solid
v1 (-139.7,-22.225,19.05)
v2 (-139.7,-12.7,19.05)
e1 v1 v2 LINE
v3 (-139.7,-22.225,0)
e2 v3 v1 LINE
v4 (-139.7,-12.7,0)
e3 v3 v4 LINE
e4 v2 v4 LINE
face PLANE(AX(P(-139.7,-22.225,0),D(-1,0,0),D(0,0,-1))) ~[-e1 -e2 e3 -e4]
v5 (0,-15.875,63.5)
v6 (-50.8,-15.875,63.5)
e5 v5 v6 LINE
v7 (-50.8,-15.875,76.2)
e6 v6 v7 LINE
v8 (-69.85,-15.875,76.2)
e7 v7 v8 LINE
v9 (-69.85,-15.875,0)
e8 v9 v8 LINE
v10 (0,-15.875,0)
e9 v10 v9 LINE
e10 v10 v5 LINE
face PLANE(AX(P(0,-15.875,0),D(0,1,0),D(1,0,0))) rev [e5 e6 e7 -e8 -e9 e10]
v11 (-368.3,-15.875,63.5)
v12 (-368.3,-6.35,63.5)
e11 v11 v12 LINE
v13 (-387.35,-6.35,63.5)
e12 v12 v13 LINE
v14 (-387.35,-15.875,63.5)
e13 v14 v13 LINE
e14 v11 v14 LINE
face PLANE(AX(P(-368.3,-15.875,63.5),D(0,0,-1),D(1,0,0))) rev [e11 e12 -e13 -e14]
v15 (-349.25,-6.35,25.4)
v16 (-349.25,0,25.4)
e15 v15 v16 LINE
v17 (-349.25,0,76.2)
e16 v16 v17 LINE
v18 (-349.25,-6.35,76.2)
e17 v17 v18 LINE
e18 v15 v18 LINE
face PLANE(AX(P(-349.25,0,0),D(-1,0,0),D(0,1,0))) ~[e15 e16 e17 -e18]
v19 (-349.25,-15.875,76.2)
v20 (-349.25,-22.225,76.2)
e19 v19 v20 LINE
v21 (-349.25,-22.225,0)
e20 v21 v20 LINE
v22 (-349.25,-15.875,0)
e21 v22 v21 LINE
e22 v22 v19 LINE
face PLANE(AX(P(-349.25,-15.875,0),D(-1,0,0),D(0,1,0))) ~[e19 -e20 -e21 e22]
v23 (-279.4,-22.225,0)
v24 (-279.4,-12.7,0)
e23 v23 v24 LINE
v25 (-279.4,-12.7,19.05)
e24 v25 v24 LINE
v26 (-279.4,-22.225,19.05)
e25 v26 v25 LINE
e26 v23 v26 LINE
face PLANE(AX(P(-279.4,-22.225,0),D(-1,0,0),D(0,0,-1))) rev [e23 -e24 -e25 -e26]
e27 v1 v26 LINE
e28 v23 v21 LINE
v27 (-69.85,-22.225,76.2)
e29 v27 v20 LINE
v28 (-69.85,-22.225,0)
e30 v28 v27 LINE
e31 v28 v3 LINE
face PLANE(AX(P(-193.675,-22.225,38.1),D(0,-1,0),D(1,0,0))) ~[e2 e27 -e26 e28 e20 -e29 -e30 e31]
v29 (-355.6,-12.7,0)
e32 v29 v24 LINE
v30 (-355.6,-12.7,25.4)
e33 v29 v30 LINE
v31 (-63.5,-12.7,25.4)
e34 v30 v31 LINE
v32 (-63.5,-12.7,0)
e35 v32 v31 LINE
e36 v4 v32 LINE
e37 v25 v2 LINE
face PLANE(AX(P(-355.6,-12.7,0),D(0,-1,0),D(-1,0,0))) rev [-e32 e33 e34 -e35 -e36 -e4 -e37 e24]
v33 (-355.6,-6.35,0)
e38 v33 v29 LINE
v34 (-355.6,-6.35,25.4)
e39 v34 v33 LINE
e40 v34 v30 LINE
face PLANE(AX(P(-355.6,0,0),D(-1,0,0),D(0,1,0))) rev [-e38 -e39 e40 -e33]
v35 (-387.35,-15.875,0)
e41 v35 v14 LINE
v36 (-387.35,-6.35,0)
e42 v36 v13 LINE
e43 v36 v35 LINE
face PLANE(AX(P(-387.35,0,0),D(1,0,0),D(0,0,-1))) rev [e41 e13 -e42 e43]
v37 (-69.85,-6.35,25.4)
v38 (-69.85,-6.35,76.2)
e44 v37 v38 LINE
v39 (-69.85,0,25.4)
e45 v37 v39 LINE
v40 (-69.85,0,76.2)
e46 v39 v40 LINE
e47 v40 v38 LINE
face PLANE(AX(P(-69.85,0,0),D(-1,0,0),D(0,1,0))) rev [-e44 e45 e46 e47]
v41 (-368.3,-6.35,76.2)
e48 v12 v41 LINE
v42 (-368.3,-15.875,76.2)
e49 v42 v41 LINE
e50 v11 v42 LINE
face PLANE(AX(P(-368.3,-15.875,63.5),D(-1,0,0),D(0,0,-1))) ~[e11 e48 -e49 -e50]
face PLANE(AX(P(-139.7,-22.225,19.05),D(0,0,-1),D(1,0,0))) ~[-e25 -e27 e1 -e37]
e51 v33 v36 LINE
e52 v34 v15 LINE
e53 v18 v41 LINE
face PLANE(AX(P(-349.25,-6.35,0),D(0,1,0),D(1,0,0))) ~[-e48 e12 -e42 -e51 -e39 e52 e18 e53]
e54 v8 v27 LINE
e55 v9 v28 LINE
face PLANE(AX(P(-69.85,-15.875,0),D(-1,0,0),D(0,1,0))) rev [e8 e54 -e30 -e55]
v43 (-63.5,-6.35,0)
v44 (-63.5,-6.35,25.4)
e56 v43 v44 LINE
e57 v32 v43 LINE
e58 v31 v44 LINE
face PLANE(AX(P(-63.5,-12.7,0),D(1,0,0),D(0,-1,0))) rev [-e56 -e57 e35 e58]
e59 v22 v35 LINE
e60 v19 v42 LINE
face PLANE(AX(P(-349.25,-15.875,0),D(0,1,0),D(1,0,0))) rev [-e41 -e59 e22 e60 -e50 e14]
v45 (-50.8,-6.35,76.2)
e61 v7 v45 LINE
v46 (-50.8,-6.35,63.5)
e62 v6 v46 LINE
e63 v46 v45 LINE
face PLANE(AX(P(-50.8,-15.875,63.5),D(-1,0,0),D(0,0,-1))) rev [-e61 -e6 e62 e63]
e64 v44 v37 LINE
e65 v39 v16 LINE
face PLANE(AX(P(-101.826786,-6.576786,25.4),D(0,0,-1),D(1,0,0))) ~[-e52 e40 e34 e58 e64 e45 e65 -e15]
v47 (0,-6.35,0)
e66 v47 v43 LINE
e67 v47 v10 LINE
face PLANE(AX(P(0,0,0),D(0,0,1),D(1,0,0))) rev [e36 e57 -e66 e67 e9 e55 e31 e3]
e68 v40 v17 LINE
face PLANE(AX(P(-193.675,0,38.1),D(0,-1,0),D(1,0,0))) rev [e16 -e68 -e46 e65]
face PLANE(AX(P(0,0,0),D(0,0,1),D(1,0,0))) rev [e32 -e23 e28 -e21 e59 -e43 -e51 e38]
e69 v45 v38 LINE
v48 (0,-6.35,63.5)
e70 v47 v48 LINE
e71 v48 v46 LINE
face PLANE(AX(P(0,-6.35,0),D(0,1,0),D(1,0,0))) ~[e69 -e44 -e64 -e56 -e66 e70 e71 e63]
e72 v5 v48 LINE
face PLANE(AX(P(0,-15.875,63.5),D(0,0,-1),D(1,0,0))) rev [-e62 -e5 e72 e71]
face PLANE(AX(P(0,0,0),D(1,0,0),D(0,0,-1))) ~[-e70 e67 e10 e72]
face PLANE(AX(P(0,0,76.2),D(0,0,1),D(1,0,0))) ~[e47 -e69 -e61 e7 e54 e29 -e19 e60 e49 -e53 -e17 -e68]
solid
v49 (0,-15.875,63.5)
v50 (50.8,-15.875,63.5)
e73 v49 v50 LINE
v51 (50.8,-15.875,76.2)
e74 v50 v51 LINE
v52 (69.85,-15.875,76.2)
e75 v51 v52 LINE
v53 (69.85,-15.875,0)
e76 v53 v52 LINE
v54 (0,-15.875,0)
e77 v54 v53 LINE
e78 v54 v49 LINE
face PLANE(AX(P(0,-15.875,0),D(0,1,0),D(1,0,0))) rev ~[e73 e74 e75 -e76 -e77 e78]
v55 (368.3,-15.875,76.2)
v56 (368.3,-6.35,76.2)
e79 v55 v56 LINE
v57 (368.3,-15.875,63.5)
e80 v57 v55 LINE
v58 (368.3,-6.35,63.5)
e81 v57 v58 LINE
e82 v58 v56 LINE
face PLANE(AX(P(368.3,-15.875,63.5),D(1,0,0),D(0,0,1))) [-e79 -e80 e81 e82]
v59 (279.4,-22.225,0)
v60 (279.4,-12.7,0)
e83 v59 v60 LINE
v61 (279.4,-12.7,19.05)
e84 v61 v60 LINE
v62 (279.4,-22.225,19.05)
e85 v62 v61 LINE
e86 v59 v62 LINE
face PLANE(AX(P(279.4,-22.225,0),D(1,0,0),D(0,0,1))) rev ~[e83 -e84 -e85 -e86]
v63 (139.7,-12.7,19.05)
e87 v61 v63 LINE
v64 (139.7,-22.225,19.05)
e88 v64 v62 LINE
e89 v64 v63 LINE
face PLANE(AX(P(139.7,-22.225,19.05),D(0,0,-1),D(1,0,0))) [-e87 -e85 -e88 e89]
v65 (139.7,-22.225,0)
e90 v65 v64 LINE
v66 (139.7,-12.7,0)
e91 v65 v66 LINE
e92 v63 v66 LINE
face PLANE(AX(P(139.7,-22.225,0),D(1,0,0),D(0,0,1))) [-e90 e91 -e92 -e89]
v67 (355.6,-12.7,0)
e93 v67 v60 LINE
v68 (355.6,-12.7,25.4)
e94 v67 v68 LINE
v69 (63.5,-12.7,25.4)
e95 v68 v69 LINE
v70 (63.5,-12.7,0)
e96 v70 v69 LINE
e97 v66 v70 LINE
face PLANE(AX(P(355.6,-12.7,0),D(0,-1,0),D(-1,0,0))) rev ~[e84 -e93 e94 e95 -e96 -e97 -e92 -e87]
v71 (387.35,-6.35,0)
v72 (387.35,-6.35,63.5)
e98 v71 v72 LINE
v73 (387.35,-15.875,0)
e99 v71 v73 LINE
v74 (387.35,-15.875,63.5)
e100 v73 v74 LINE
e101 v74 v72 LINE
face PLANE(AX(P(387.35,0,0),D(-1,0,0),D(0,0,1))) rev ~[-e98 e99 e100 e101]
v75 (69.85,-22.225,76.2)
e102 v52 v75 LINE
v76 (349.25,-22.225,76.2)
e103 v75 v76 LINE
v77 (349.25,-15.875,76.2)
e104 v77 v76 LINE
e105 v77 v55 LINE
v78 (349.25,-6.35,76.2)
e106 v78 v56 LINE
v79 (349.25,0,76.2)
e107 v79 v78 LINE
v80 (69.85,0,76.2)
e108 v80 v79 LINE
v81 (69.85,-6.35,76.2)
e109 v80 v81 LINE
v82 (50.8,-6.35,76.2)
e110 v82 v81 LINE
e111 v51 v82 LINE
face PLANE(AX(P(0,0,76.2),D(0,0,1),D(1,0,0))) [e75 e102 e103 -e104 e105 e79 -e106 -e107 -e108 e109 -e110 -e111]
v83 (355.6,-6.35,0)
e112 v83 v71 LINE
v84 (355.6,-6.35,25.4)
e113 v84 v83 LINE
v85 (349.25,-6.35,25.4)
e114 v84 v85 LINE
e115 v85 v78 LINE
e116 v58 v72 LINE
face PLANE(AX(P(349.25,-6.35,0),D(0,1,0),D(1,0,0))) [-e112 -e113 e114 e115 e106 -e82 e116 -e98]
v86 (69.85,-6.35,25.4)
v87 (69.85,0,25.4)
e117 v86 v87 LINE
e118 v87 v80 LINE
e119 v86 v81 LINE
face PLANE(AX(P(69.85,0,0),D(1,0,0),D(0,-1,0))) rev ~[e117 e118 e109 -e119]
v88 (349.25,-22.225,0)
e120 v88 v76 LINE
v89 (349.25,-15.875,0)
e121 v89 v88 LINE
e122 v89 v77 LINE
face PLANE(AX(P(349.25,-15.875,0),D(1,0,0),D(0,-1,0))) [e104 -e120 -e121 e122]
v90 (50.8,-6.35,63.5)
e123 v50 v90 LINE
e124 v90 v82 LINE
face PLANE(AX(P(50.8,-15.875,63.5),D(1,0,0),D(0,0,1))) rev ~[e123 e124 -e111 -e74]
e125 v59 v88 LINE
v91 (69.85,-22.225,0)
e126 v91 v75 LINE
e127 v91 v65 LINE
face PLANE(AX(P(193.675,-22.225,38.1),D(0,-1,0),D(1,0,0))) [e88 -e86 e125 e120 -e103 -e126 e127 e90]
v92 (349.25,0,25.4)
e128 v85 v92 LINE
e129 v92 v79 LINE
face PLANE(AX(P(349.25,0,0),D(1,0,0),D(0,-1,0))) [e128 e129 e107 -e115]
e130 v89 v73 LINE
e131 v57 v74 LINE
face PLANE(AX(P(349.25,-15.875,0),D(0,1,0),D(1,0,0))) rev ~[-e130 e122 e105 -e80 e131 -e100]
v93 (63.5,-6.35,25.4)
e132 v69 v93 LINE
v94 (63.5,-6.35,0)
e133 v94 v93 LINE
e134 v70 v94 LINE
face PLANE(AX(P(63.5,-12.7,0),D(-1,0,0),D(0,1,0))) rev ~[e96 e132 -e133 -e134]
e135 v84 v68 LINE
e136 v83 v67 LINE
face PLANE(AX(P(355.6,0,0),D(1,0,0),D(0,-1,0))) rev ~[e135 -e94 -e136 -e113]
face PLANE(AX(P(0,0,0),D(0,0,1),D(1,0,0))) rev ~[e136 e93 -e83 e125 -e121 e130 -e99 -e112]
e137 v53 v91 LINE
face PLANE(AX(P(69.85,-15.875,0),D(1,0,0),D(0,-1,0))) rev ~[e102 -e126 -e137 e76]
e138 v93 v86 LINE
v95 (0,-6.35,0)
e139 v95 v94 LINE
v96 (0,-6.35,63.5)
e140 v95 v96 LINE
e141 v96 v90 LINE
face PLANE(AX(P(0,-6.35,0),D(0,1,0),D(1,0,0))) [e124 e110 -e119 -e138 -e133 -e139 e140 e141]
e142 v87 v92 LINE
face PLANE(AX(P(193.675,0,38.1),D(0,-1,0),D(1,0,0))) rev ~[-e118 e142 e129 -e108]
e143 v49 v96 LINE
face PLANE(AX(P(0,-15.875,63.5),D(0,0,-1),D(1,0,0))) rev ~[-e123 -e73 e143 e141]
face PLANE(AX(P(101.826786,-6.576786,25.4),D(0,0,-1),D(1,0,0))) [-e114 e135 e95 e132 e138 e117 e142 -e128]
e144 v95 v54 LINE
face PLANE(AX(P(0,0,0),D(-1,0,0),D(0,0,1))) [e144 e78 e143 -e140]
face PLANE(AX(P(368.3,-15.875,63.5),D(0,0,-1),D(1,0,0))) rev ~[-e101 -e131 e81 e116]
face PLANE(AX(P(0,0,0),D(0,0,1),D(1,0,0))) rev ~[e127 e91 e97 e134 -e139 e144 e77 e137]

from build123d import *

# Parameters (mm, degrees)
F0_W     = 387.35
F0_H     = 76.2
F1_DEPTH = 22.225
F2_W     = 69.85
F2_H     = 6.35
F2_W_2   = 38.1
F3_DEPTH = 76.2
F4_W     = 50.8
F4_H     = 12.7
F4_W_2   = 19.05
F5_DEPTH = 9.525
F6_W     = 139.7
F6_H     = 19.05
F7_DEPTH = 22.225
F8_W     = 215.9
F8_H     = 12.7
F9_DEPTH = 25.4


with BuildPart() as f1:
    # F0 (on Front) → F1 (new body)
    with BuildSketch(Plane.XZ):
        with Locations((193.675, 38.1)):
            Rectangle(F0_W, F0_H)
    extrude(amount=F1_DEPTH)

    # F2 (on face) → F3 (cut, through all)
    with BuildSketch(Plane(origin=(0, 0, 0), x_dir=(1, 0, 0), z_dir=(0, 0, -1))):
        with Locations((34.925, 19.05)):
            Rectangle(F2_W, F2_H)
        with Locations((34.925, 3.175)):
            Rectangle(F2_W, F2_H)
        with Locations((368.3, 19.05)):
            Rectangle(F2_W_2, F2_H)
        with Locations((368.3, 3.175)):
            Rectangle(F2_W_2, F2_H)
    extrude(amount=-F3_DEPTH, mode=Mode.SUBTRACT)

    # F4 (on face) → F5 (cut, through all)
    with BuildSketch(Plane.XZ.offset(15.875)):
        with Locations((25.4, 69.85)):
            Rectangle(F4_W, F4_H)
        with Locations((377.825, 69.85)):
            Rectangle(F4_W_2, F4_H)
    extrude(amount=-F5_DEPTH, mode=Mode.SUBTRACT)

    # F6 (on face) → F7 (cut, through all)
    with BuildSketch(Plane.XZ.offset(22.225)):
        with Locations((209.55, 9.525)):
            Rectangle(F6_W, F6_H)
    extrude(amount=-F7_DEPTH, mode=Mode.SUBTRACT)

    # F8 (on face) → F9 (cut)
    with BuildSketch(Plane(origin=(0, 0, 0), x_dir=(1, 0, 0), z_dir=(0, 0, -1))):
        Polygon((69.85, 6.35), (69.85, 0), (139.7, 0), (139.7, 12.7), (63.5, 12.7), (63.5, 6.35), align=None)
        with Locations((247.65, 6.35)):
            Rectangle(F8_W, F8_H)
    extrude(amount=-F9_DEPTH, mode=Mode.SUBTRACT)


with BuildPart() as f10_1:
    # F10: instance of F1
    add(f1.part.mirror(Plane.YZ))


solid = Compound([f1.part, f10_1.part])
